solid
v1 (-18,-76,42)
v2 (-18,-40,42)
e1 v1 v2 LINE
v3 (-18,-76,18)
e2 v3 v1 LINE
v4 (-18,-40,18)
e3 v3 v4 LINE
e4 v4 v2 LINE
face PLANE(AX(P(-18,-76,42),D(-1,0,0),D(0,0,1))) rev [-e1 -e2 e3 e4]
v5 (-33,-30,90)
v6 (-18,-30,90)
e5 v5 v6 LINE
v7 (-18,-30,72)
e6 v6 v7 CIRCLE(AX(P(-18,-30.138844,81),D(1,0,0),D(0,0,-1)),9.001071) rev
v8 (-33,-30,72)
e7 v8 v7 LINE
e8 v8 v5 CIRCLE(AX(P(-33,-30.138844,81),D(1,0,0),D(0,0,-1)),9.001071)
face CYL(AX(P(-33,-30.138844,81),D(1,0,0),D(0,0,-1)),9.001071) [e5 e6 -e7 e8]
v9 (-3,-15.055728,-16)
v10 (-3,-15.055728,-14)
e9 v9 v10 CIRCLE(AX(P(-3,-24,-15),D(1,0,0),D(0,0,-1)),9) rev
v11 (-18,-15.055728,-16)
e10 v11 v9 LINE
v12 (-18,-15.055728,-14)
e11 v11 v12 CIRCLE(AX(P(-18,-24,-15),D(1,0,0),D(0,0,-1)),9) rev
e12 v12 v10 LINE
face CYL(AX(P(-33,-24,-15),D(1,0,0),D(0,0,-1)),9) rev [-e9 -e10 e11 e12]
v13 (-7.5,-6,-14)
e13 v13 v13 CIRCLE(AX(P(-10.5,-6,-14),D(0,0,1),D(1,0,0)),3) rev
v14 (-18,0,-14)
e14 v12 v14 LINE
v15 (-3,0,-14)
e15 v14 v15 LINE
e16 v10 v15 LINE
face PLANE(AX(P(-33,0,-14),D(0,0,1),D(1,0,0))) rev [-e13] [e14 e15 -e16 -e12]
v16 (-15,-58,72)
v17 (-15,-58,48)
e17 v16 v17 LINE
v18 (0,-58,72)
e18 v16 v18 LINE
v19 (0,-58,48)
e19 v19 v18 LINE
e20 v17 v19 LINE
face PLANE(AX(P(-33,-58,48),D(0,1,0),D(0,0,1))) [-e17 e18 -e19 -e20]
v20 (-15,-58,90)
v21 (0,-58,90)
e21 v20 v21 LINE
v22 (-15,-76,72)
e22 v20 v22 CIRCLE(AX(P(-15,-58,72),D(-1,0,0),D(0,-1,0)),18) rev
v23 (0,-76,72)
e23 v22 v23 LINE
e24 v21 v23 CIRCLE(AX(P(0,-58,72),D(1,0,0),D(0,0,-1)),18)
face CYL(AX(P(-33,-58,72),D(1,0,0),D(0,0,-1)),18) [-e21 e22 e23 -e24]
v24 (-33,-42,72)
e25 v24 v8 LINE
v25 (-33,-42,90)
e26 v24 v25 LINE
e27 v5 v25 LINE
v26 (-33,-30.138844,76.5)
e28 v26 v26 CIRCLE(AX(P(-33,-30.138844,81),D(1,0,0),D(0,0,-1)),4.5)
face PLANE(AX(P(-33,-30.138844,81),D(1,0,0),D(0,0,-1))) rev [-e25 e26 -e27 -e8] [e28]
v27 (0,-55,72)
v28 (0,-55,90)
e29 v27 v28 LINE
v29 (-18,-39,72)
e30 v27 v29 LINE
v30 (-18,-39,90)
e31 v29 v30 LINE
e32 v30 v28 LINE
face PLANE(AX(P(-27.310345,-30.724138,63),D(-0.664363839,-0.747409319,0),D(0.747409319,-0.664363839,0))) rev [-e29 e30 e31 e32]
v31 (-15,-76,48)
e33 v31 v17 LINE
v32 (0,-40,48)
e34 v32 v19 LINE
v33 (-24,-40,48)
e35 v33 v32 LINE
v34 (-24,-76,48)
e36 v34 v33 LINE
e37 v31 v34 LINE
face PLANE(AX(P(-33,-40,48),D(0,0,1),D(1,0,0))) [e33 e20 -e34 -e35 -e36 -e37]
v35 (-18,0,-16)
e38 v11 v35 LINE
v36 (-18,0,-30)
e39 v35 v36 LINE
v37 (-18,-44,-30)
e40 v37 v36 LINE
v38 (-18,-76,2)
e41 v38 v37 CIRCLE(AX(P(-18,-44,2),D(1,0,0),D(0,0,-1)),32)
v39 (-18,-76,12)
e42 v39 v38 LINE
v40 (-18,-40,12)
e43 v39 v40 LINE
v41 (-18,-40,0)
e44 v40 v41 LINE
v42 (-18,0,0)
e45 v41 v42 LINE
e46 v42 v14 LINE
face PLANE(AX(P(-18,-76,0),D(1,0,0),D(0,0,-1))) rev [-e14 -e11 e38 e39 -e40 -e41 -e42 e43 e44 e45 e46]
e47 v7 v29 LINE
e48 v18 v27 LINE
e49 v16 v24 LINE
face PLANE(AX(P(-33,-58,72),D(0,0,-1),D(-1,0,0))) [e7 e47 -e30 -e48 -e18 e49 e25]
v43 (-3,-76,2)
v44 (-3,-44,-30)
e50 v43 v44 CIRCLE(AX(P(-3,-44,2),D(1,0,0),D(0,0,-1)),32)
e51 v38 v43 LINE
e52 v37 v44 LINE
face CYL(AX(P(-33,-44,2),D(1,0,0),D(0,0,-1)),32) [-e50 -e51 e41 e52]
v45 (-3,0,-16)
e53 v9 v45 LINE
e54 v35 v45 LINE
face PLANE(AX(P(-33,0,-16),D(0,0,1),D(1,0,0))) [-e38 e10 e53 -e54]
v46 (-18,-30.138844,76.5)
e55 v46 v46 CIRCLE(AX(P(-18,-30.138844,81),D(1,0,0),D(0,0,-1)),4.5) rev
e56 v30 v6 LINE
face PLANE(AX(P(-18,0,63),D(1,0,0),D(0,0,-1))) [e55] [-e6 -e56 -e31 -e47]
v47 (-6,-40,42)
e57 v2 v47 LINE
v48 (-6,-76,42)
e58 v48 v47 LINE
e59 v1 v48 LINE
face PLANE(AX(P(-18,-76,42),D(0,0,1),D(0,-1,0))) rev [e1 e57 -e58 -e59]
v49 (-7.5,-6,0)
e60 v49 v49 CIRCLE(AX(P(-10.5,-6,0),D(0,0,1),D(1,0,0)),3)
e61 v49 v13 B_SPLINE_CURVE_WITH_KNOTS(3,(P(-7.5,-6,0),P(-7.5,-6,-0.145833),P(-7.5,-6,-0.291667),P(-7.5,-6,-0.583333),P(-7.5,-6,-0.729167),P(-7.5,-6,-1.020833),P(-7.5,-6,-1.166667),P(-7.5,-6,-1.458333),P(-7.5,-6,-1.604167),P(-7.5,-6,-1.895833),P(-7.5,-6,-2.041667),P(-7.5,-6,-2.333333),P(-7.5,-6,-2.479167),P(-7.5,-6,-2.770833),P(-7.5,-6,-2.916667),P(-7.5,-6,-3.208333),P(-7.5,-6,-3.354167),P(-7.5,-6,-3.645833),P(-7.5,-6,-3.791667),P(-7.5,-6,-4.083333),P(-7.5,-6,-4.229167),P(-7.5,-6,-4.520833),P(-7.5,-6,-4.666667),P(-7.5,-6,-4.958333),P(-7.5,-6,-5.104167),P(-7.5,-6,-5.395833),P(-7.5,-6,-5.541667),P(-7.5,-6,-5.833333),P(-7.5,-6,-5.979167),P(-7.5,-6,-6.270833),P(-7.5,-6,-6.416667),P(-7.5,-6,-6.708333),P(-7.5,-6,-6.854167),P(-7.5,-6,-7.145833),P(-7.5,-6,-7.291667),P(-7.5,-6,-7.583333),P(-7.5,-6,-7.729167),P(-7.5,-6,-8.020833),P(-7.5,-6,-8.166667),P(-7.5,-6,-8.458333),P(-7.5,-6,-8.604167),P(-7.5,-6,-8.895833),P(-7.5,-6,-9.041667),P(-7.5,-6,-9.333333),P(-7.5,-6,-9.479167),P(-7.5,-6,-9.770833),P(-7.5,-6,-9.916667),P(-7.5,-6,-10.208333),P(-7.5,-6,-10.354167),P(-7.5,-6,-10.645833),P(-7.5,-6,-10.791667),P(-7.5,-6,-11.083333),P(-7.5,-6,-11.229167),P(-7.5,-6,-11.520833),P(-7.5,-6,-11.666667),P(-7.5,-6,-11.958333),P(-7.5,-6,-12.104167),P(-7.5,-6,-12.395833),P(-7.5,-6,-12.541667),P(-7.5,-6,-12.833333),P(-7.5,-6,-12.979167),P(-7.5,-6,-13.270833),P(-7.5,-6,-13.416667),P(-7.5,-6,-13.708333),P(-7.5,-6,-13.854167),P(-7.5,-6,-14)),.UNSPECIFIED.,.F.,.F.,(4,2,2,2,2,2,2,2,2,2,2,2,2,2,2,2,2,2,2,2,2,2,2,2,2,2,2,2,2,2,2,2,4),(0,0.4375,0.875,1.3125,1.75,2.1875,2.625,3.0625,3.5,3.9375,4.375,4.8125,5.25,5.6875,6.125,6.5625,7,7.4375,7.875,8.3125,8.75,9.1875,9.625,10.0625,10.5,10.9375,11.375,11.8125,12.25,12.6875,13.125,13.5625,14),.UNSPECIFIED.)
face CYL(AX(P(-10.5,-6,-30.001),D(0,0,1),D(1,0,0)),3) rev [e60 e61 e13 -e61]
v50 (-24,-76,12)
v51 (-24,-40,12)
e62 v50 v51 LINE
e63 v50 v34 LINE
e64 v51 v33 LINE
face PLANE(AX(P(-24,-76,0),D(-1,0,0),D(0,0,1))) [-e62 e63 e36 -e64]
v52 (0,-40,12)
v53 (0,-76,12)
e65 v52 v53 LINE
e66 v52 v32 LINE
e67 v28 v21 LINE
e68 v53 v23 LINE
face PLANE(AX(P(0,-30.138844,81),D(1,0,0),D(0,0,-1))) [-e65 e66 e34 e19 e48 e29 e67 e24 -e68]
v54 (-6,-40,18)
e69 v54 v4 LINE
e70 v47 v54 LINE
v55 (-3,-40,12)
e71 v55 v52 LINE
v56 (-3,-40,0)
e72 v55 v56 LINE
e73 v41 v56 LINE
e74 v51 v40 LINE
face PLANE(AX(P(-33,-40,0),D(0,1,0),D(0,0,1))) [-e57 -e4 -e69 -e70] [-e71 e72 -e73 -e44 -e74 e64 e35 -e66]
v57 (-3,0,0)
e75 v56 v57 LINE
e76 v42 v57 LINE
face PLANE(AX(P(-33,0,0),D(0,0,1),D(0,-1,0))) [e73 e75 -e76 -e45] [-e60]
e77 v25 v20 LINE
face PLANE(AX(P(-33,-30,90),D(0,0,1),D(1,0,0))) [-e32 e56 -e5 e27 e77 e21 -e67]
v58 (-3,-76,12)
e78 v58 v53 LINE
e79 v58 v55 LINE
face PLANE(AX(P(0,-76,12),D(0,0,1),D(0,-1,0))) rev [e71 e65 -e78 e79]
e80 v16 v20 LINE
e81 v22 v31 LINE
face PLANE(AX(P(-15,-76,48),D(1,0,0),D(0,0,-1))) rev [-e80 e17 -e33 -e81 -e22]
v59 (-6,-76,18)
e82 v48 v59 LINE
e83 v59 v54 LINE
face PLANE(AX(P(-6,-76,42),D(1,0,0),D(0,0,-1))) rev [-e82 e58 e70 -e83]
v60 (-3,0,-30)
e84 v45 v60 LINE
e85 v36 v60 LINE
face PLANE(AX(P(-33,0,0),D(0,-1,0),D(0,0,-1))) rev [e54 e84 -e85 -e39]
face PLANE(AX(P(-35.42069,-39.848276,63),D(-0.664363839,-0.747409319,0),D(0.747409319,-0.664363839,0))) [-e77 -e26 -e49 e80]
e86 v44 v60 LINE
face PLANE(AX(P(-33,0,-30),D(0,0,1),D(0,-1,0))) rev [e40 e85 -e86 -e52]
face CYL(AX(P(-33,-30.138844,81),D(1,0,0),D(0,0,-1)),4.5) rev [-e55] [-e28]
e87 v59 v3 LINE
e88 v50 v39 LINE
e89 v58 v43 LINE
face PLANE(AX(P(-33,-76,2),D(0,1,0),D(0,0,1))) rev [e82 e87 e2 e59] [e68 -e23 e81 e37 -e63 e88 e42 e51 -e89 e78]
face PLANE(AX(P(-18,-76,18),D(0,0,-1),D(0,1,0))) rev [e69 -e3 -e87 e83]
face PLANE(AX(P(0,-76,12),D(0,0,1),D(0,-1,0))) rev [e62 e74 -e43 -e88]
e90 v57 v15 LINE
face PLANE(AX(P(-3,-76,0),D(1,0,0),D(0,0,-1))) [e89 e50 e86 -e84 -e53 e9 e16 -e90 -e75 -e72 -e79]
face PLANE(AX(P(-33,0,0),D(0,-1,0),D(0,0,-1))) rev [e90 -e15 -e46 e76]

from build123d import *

# Parameters (mm, degrees)
BOSS_EXTRUDE2_DEPTH     = 33
CUT_EXTRUDE1_DEPTH      = 123.331516789
CUT_EXTRUDE1_DEPTH_BACK = 123.331516789
CUT_EXTRUDE2_DEPTH      = 123.331516789
CUT_EXTRUDE2_DEPTH_BACK = 123.331516789
SKETCH1_5_R             = 4.5
CUT_EXTRUDE3_DEPTH      = 123.331516789
CUT_EXTRUDE3_DEPTH_BACK = 123.331516789
SKETCH3_W               = 9
SKETCH3_H               = 48
CUT_EXTRUDE4_DEPTH      = 113.040171367
CUT_EXTRUDE4_DEPTH_BACK = 113.040171367
SKETCH4_W               = 18
SKETCH4_H               = 24
CUT_EXTRUDE5_DEPTH      = 104.870111197
CUT_EXTRUDE5_DEPTH_BACK = 104.870111197
SKETCH5_W               = 9
SKETCH5_H               = 30
CUT_EXTRUDE6_DEPTH      = 104.870111197
CUT_EXTRUDE6_DEPTH_BACK = 104.870111197
SKETCH6_W               = 6
SKETCH6_H               = 42
CUT_EXTRUDE7_DEPTH      = 104.870111197
CUT_EXTRUDE7_DEPTH_BACK = 104.870111197
SKETCH7_W               = 13.713453575
SKETCH7_H               = 47.251215896
CUT_EXTRUDE8_DEPTH      = 104.870111197
CUT_EXTRUDE8_DEPTH_BACK = 104.870111197
SKETCH8_W               = 12
SKETCH8_H               = 24
CUT_EXTRUDE10_REACH     = 124.332
SKETCH9_R               = 3
CUT_EXTRUDE11_DEPTH     = 27
CUT_EXTRUDE12_DEPTH     = 27


with BuildPart() as part:
    # Sketch1 → Boss-Extrude2 (new body)
    with BuildSketch(Plane(origin=(0, 0, 0), x_dir=(0, 0, -1), z_dir=(1, 0, 0))):
        with BuildLine():
            Line((0, 0), (30, 0))
            Line((30, 0), (30, -44))
            ThreePointArc((30, -44), (20.627416998, -66.627416998), (-2, -76))
            Line((-2, -76), (-12, -76))
            Line((-12, -76), (-48, -76))
            Line((-48, -76), (-72, -76))
            ThreePointArc((-72, -76), (-84.727922061, -70.727922061), (-90, -58))
            Line((-90, -58), (-90, -30))
            ThreePointArc((-90, -30), (-81, -21.137772707), (-72, -30))
            Line((-72, -30), (-72, -58))
            Line((-72, -58), (-48, -58))
            Line((-48, -58), (-48, -40))
            Line((-48, -40), (0, -40))
            Line((0, -40), (0, 0))
        make_face()
    extrude(amount=-BOSS_EXTRUDE2_DEPTH)

    # Sketch1<4> → Cut-Extrude1 (cut, two sides: drawn at the far end of the back side and taken through both)
    with BuildSketch(Plane(origin=(0, 0, 0), x_dir=(0, 0, -1), z_dir=(1, 0, 0)).offset(-CUT_EXTRUDE1_DEPTH_BACK)):
        with BuildLine():
            Line((16, 0), (14, 0))
            Line((14, 0), (14, -15.05572809))
            ThreePointArc((14, -15.05572809), (15, -33), (16, -15.05572809))
            Line((16, -15.05572809), (16, 0))
        make_face()
    extrude(amount=CUT_EXTRUDE1_DEPTH + CUT_EXTRUDE1_DEPTH_BACK, mode=Mode.SUBTRACT)

    # Sketch1<5> → Cut-Extrude2 (cut, two sides: drawn at the far end of the back side and taken through both)
    with BuildSketch(Plane(origin=(0, 0, 0), x_dir=(0, 0, -1), z_dir=(1, 0, 0)).offset(-CUT_EXTRUDE2_DEPTH_BACK)):
        with Locations((-81, -30.138843618)):
            Circle(SKETCH1_5_R)
    extrude(amount=CUT_EXTRUDE2_DEPTH + CUT_EXTRUDE2_DEPTH_BACK, mode=Mode.SUBTRACT)

    # Sketch3 → Cut-Extrude3 (cut, two sides: drawn at the far end of the back side and taken through both)
    with BuildSketch(Plane(origin=(0, 0, 0), x_dir=(1, 0, 0), z_dir=(0, 1, 0)).offset(-CUT_EXTRUDE3_DEPTH_BACK)):
        with Locations((-28.5, -24)):
            Rectangle(SKETCH3_W, SKETCH3_H)
    extrude(amount=CUT_EXTRUDE3_DEPTH + CUT_EXTRUDE3_DEPTH_BACK, mode=Mode.SUBTRACT)

    # Sketch4 → Cut-Extrude4 (cut, two sides: drawn at the far end of the back side and taken through both)
    with BuildSketch(Plane(origin=(0, -58, 0), x_dir=(1, 0, 0), z_dir=(0, 1, 0)).offset(-CUT_EXTRUDE4_DEPTH_BACK)):
        with Locations((-24, -60)):
            Rectangle(SKETCH4_W, SKETCH4_H)
    extrude(amount=CUT_EXTRUDE4_DEPTH + CUT_EXTRUDE4_DEPTH_BACK, mode=Mode.SUBTRACT)

    # Sketch5 → Cut-Extrude5 (cut, two sides: drawn at the far end of the back side and taken through both)
    with BuildSketch(Plane(origin=(0, -40, 0), x_dir=(1, 0, 0), z_dir=(0, 1, 0)).offset(-CUT_EXTRUDE5_DEPTH_BACK)):
        with Locations((-28.5, 15)):
            Rectangle(SKETCH5_W, SKETCH5_H)
    extrude(amount=CUT_EXTRUDE5_DEPTH + CUT_EXTRUDE5_DEPTH_BACK, mode=Mode.SUBTRACT)

    # Sketch6 → Cut-Extrude6 (cut, two sides: drawn at the far end of the back side and taken through both)
    with BuildSketch(Plane(origin=(0, -40, 0), x_dir=(1, 0, 0), z_dir=(0, 1, 0)).offset(-CUT_EXTRUDE6_DEPTH_BACK)):
        with Locations((-21, 9)):
            Rectangle(SKETCH6_W, SKETCH6_H)
    extrude(amount=CUT_EXTRUDE6_DEPTH + CUT_EXTRUDE6_DEPTH_BACK, mode=Mode.SUBTRACT)

    # Sketch7 → Cut-Extrude7 (cut, two sides: drawn at the far end of the back side and taken through both)
    with BuildSketch(Plane(origin=(0, -40, 0), x_dir=(1, 0, 0), z_dir=(0, 1, 0)).offset(-CUT_EXTRUDE7_DEPTH_BACK)):
        with Locations((3.856726788, 11.625607948)):
            Rectangle(SKETCH7_W, SKETCH7_H)
    extrude(amount=CUT_EXTRUDE7_DEPTH + CUT_EXTRUDE7_DEPTH_BACK, mode=Mode.SUBTRACT)

    # Sketch8 → Cut-Extrude8 (cut, two sides: drawn at the far end of the back side and taken through both)
    with BuildSketch(Plane(origin=(0, -40, 0), x_dir=(1, 0, 0), z_dir=(0, 1, 0)).offset(-CUT_EXTRUDE8_DEPTH_BACK)):
        with Locations((-12, -30)):
            Rectangle(SKETCH8_W, SKETCH8_H)
    extrude(amount=CUT_EXTRUDE8_DEPTH + CUT_EXTRUDE8_DEPTH_BACK, mode=Mode.SUBTRACT)

    # Sketch9 → Cut-Extrude10 (cut, up to next)
    with BuildSketch(Plane.XY, mode=Mode.PRIVATE) as cut_extrude10_sk1:
        with Locations((-10.5, -6)):
            Circle(SKETCH9_R)
    cut_extrude10_tool1 = extrude(cut_extrude10_sk1.sketch, amount=-CUT_EXTRUDE10_REACH, mode=Mode.PRIVATE) & part.part
    add(cut_extrude10_tool1.solids().sort_by_distance((-10.5, -6, 0))[0], mode=Mode.SUBTRACT)

    # Sketch10 → Cut-Extrude11 (cut)
    with BuildSketch(Plane.XY.offset(90)):
        Polygon((-15, -58), (-33, -42), (-33, -76), (-15, -76), align=None)
    extrude(amount=-CUT_EXTRUDE11_DEPTH, mode=Mode.SUBTRACT)

    # Sketch11 → Cut-Extrude12 (cut)
    with BuildSketch(Plane.XY.offset(90)):
        Polygon((0, -55), (0, -21.137772707), (-18, -21.137772707), (-18, -39), align=None)
    extrude(amount=-CUT_EXTRUDE12_DEPTH, mode=Mode.SUBTRACT)


solid = part.part
